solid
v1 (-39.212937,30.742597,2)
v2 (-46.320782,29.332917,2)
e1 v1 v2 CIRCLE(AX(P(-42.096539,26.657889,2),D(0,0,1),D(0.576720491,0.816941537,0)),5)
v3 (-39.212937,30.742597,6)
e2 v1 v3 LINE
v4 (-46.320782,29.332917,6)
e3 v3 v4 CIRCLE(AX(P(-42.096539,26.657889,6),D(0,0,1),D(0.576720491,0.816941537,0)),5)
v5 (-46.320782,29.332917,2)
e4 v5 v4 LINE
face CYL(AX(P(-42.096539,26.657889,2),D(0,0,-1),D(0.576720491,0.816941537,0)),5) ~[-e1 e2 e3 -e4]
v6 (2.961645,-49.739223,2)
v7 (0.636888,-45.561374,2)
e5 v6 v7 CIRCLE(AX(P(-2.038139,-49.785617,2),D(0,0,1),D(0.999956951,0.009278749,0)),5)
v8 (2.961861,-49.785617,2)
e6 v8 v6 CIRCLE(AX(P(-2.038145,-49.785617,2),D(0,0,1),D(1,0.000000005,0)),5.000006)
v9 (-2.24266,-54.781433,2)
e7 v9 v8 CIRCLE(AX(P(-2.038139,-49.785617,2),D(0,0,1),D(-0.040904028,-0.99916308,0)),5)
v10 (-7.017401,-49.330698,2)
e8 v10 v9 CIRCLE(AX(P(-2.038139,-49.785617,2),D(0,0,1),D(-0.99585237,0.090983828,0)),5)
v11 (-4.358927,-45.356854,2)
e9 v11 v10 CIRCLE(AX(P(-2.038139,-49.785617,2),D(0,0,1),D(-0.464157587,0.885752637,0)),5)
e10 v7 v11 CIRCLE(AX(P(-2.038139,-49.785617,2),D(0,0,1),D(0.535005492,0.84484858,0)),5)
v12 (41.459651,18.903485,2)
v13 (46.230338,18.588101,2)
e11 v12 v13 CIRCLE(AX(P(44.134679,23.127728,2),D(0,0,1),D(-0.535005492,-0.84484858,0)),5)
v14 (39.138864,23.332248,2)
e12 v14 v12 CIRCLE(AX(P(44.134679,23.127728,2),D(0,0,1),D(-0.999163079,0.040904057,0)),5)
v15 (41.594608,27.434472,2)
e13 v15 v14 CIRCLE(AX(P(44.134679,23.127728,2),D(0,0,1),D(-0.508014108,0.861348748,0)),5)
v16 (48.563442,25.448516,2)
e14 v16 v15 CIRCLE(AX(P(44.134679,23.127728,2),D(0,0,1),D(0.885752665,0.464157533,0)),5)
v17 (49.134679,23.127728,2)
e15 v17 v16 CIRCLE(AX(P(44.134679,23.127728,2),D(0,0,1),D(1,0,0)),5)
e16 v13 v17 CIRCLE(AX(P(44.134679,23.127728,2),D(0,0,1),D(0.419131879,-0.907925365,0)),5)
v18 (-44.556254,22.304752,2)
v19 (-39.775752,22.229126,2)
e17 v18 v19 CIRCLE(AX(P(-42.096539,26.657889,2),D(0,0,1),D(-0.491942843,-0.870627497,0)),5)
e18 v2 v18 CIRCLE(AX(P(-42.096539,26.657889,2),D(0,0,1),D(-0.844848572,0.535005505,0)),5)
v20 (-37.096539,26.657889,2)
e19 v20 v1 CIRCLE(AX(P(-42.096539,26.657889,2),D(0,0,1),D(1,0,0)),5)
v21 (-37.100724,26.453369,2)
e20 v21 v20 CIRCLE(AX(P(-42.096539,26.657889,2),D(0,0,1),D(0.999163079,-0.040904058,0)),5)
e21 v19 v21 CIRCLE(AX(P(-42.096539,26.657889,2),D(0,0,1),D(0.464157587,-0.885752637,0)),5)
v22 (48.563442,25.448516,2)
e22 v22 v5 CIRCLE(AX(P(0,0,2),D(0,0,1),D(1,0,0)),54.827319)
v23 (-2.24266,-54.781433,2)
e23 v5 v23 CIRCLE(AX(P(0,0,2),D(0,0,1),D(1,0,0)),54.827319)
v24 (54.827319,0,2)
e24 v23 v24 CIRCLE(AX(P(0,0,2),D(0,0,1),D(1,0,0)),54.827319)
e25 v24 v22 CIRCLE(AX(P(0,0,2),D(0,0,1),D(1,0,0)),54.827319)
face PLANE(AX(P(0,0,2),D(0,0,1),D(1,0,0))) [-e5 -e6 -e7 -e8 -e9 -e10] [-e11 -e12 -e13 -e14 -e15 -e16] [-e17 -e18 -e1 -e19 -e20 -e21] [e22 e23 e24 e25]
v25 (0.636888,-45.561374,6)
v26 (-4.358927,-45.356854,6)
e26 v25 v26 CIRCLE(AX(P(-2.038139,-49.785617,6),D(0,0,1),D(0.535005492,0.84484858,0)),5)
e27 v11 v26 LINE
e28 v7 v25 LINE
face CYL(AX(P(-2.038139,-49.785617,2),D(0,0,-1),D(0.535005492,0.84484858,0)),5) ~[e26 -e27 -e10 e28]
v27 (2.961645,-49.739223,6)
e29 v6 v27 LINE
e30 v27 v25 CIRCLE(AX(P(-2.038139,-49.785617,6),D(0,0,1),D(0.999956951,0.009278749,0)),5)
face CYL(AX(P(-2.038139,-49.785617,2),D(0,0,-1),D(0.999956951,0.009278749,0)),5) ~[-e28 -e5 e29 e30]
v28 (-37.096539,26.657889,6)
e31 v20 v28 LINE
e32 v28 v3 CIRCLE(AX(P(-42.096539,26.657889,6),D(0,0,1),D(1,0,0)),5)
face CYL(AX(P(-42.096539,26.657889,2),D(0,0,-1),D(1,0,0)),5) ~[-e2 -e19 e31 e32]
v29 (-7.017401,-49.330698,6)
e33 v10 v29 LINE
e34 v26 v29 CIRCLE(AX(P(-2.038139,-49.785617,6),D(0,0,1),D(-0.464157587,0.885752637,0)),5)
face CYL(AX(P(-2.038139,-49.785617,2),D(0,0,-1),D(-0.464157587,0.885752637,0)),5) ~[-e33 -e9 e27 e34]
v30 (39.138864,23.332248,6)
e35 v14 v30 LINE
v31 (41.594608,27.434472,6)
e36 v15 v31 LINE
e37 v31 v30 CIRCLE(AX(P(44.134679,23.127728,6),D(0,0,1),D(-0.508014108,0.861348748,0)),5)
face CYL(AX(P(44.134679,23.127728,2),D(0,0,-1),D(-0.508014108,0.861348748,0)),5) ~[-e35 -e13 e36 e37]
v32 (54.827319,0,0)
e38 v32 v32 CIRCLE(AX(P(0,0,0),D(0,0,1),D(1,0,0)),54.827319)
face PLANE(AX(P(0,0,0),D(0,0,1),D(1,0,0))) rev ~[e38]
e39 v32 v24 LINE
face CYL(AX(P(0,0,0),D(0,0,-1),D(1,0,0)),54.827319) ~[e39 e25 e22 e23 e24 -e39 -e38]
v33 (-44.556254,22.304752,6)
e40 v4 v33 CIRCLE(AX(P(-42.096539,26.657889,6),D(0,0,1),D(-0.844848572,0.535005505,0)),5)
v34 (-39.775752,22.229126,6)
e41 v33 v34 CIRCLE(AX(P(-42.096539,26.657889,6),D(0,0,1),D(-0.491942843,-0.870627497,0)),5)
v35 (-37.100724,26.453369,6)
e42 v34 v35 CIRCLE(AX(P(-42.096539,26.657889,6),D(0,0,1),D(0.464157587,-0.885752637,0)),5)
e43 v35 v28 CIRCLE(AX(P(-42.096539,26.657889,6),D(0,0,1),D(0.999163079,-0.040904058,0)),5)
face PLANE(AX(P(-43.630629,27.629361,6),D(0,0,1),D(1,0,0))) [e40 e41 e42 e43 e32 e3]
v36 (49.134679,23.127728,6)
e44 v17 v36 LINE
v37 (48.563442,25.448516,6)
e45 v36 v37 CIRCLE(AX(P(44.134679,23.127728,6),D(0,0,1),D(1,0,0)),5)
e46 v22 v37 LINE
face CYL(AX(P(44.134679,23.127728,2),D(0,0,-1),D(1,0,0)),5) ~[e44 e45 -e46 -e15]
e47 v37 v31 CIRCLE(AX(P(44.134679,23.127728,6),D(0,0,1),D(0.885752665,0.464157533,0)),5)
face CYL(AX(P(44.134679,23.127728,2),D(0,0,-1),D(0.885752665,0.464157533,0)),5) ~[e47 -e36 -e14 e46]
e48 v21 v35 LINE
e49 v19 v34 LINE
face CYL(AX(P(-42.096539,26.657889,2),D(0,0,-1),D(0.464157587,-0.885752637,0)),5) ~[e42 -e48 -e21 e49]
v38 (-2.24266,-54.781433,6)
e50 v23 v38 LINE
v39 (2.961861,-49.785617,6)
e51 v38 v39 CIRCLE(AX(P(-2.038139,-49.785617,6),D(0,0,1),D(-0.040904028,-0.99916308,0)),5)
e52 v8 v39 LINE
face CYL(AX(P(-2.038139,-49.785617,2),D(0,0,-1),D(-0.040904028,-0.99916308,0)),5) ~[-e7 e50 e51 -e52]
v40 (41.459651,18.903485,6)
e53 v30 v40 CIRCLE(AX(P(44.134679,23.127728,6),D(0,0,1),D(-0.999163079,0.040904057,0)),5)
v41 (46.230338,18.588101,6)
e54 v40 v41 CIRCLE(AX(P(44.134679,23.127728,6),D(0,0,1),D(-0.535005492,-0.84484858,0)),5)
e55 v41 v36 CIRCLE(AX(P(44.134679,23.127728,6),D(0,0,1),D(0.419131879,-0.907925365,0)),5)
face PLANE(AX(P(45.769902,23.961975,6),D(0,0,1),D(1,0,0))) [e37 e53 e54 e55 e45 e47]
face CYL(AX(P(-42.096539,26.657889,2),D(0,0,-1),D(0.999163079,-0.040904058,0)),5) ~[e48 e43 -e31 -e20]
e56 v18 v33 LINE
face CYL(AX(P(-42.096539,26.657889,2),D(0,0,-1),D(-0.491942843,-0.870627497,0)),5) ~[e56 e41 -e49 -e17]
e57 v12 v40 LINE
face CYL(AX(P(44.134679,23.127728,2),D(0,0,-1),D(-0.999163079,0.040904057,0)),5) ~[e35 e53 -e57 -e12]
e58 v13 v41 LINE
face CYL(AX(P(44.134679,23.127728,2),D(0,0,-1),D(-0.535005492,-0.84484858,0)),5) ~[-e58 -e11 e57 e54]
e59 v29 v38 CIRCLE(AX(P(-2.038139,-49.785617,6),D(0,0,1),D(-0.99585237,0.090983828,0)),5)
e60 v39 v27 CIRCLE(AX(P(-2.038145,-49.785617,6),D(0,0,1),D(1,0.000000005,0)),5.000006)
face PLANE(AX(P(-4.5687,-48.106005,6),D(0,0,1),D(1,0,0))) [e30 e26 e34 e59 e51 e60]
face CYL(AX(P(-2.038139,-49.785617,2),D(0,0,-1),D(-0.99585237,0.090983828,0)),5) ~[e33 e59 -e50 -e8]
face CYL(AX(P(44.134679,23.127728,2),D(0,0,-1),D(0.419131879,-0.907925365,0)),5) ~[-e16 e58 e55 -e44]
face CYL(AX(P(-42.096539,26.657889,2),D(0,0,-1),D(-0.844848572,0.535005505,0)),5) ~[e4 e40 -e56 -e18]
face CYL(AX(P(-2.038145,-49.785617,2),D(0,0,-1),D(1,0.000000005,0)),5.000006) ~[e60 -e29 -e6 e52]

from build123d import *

# Parameters (mm, degrees)
F0_R     = 54.8273186888
F1_DEPTH = 2
F3_DEPTH = 4


with BuildPart() as f1:
    # F0 (on Top) → F1 (new body)
    with BuildSketch(Plane.XY):
        Circle(F0_R)
    extrude(amount=F1_DEPTH)

    # F2 (on face) → F3 (join)
    with BuildSketch(Plane.XY.offset(2)):
        with BuildLine():
            ThreePointArc((-42.0965394575, 26.6578891404), (-40.7060063095, 28.7364357228), (-39.2129370001, 30.742596825))
            ThreePointArc((-39.2129370001, 30.742596825), (-43.0692309342, 31.5623637597), (-46.3207823167, 29.3329166667))
            ThreePointArc((-46.3207823167, 29.3329166667), (-46.9460339061, 25.4403491644), (-44.5562536731, 22.3047516538))
            ThreePointArc((-44.5562536731, 22.3047516538), (-43.3810337685, 24.512192821), (-42.0965394575, 26.6578891404))
        make_face()
        with BuildLine():
            ThreePointArc((-42.0965394575, 26.6578891404), (-43.3810337685, 24.512192821), (-44.5562536731, 22.3047516538))
            ThreePointArc((-44.5562536731, 22.3047516538), (-42.1756276327, 21.6585146735), (-39.7757515223, 22.2291259542))
            Line((-39.7757515223, 22.2291259542), (-42.0965394575, 26.6578891404))
        make_face()
        with BuildLine():
            ThreePointArc((-37.0965394575, 26.6578891404), (-37.6570568138, 28.9581051861), (-39.2129370001, 30.742596825))
            ThreePointArc((-39.2129370001, 30.742596825), (-40.7060063095, 28.7364357228), (-42.0965394575, 26.6578891404))
            Line((-42.0965394575, 26.6578891404), (-37.1007240633, 26.453368856))
            ThreePointArc((-37.1007240633, 26.453368856), (-37.0975857184, 26.5556075956), (-37.0965394575, 26.6578891404))
        make_face()
        with BuildLine():
            ThreePointArc((-39.7757515223, 22.2291259542), (-37.8722965557, 23.9828616814), (-37.1007240633, 26.453368856))
            Line((-37.1007240633, 26.453368856), (-42.0965394575, 26.6578891404))
            Line((-42.0965394575, 26.6578891404), (-39.7757515223, 22.2291259542))
        make_face()
        with BuildLine():
            ThreePointArc((44.1346789356, 23.1277280114), (45.2394865049, 20.8842176893), (46.2303383288, 18.5881011866))
            ThreePointArc((46.2303383288, 18.5881011866), (48.3464657872, 20.4331312851), (49.1346789356, 23.1277280114))
            ThreePointArc((49.1346789356, 23.1277280114), (48.9897699045, 24.3227559121), (48.5634422622, 25.4485156788))
            ThreePointArc((48.5634422622, 25.4485156788), (45.5050057176, 27.9362833569), (41.5946083938, 27.4344717515))
            ThreePointArc((41.5946083938, 27.4344717515), (42.9186985697, 25.3129808755), (44.1346789356, 23.1277280114))
        make_face()
        with BuildLine():
            Line((39.1388635414, 23.3322482958), (44.1346789356, 23.1277280114))
            ThreePointArc((44.1346789356, 23.1277280114), (42.9186985697, 25.3129808755), (41.5946083938, 27.4344717515))
            ThreePointArc((41.5946083938, 27.4344717515), (39.8446377318, 25.6959076137), (39.1388635414, 23.3322482958))
        make_face()
        with BuildLine():
            Line((41.4596514766, 18.9034851096), (44.1346789356, 23.1277280114))
            Line((44.1346789356, 23.1277280114), (39.1388635414, 23.3322482958))
            ThreePointArc((39.1388635414, 23.3322482958), (39.7059157494, 20.8069400762), (41.4596514766, 18.9034851096))
        make_face()
        with BuildLine():
            ThreePointArc((41.4596514766, 18.9034851096), (43.804855356, 18.1386182304), (46.2303383288, 18.5881011866))
            ThreePointArc((46.2303383288, 18.5881011866), (45.2394865049, 20.8842176893), (44.1346789356, 23.1277280114))
            Line((44.1346789356, 23.1277280114), (41.4596514766, 18.9034851096))
        make_face()
        with BuildLine():
            ThreePointArc((-7.0174013286, -49.3306980116), (-4.5334801954, -49.620653412), (-2.0381394781, -49.7856171518))
            Line((-2.0381394781, -49.7856171518), (-4.3589274133, -45.3568539656))
            ThreePointArc((-4.3589274133, -45.3568539656), (-6.1939235009, -47.0054266627), (-7.0174013286, -49.3306980116))
        make_face()
        with BuildLine():
            Line((-4.3589274133, -45.3568539656), (-2.0381394781, -49.7856171518))
            Line((-2.0381394781, -49.7856171518), (0.6368879809, -45.56137425))
            ThreePointArc((0.6368879809, -45.56137425), (-1.8336191937, -44.7898017576), (-4.3589274133, -45.3568539656))
        make_face()
        with BuildLine():
            ThreePointArc((2.9618605219, -49.7856171518), (2.9618067109, -49.7624200289), (2.9616452793, -49.7392234053))
            ThreePointArc((2.9616452793, -49.7392234053), (0.4623351989, -49.8251736965), (-2.0381394781, -49.7856171518))
            ThreePointArc((-2.0381394781, -49.7856171518), (-4.5334801954, -49.620653412), (-7.0174013286, -49.3306980116))
            ThreePointArc((-7.0174013286, -49.3306980116), (-5.799193279, -53.080230074), (-2.2426596199, -54.7814325519))
            ThreePointArc((-2.2426596199, -54.7814325519), (1.4243306872, -53.3927351641), (2.9618605219, -49.7856171518))
        make_face()
        with BuildLine():
            ThreePointArc((-2.0381394781, -49.7856171518), (0.4623351989, -49.8251736965), (2.9616452793, -49.7392234053))
            ThreePointArc((2.9616452793, -49.7392234053), (2.3309899009, -47.3544222872), (0.6368879809, -45.56137425))
            Line((0.6368879809, -45.56137425), (-2.0381394781, -49.7856171518))
        make_face()
    extrude(amount=F3_DEPTH)


solid = f1.part
